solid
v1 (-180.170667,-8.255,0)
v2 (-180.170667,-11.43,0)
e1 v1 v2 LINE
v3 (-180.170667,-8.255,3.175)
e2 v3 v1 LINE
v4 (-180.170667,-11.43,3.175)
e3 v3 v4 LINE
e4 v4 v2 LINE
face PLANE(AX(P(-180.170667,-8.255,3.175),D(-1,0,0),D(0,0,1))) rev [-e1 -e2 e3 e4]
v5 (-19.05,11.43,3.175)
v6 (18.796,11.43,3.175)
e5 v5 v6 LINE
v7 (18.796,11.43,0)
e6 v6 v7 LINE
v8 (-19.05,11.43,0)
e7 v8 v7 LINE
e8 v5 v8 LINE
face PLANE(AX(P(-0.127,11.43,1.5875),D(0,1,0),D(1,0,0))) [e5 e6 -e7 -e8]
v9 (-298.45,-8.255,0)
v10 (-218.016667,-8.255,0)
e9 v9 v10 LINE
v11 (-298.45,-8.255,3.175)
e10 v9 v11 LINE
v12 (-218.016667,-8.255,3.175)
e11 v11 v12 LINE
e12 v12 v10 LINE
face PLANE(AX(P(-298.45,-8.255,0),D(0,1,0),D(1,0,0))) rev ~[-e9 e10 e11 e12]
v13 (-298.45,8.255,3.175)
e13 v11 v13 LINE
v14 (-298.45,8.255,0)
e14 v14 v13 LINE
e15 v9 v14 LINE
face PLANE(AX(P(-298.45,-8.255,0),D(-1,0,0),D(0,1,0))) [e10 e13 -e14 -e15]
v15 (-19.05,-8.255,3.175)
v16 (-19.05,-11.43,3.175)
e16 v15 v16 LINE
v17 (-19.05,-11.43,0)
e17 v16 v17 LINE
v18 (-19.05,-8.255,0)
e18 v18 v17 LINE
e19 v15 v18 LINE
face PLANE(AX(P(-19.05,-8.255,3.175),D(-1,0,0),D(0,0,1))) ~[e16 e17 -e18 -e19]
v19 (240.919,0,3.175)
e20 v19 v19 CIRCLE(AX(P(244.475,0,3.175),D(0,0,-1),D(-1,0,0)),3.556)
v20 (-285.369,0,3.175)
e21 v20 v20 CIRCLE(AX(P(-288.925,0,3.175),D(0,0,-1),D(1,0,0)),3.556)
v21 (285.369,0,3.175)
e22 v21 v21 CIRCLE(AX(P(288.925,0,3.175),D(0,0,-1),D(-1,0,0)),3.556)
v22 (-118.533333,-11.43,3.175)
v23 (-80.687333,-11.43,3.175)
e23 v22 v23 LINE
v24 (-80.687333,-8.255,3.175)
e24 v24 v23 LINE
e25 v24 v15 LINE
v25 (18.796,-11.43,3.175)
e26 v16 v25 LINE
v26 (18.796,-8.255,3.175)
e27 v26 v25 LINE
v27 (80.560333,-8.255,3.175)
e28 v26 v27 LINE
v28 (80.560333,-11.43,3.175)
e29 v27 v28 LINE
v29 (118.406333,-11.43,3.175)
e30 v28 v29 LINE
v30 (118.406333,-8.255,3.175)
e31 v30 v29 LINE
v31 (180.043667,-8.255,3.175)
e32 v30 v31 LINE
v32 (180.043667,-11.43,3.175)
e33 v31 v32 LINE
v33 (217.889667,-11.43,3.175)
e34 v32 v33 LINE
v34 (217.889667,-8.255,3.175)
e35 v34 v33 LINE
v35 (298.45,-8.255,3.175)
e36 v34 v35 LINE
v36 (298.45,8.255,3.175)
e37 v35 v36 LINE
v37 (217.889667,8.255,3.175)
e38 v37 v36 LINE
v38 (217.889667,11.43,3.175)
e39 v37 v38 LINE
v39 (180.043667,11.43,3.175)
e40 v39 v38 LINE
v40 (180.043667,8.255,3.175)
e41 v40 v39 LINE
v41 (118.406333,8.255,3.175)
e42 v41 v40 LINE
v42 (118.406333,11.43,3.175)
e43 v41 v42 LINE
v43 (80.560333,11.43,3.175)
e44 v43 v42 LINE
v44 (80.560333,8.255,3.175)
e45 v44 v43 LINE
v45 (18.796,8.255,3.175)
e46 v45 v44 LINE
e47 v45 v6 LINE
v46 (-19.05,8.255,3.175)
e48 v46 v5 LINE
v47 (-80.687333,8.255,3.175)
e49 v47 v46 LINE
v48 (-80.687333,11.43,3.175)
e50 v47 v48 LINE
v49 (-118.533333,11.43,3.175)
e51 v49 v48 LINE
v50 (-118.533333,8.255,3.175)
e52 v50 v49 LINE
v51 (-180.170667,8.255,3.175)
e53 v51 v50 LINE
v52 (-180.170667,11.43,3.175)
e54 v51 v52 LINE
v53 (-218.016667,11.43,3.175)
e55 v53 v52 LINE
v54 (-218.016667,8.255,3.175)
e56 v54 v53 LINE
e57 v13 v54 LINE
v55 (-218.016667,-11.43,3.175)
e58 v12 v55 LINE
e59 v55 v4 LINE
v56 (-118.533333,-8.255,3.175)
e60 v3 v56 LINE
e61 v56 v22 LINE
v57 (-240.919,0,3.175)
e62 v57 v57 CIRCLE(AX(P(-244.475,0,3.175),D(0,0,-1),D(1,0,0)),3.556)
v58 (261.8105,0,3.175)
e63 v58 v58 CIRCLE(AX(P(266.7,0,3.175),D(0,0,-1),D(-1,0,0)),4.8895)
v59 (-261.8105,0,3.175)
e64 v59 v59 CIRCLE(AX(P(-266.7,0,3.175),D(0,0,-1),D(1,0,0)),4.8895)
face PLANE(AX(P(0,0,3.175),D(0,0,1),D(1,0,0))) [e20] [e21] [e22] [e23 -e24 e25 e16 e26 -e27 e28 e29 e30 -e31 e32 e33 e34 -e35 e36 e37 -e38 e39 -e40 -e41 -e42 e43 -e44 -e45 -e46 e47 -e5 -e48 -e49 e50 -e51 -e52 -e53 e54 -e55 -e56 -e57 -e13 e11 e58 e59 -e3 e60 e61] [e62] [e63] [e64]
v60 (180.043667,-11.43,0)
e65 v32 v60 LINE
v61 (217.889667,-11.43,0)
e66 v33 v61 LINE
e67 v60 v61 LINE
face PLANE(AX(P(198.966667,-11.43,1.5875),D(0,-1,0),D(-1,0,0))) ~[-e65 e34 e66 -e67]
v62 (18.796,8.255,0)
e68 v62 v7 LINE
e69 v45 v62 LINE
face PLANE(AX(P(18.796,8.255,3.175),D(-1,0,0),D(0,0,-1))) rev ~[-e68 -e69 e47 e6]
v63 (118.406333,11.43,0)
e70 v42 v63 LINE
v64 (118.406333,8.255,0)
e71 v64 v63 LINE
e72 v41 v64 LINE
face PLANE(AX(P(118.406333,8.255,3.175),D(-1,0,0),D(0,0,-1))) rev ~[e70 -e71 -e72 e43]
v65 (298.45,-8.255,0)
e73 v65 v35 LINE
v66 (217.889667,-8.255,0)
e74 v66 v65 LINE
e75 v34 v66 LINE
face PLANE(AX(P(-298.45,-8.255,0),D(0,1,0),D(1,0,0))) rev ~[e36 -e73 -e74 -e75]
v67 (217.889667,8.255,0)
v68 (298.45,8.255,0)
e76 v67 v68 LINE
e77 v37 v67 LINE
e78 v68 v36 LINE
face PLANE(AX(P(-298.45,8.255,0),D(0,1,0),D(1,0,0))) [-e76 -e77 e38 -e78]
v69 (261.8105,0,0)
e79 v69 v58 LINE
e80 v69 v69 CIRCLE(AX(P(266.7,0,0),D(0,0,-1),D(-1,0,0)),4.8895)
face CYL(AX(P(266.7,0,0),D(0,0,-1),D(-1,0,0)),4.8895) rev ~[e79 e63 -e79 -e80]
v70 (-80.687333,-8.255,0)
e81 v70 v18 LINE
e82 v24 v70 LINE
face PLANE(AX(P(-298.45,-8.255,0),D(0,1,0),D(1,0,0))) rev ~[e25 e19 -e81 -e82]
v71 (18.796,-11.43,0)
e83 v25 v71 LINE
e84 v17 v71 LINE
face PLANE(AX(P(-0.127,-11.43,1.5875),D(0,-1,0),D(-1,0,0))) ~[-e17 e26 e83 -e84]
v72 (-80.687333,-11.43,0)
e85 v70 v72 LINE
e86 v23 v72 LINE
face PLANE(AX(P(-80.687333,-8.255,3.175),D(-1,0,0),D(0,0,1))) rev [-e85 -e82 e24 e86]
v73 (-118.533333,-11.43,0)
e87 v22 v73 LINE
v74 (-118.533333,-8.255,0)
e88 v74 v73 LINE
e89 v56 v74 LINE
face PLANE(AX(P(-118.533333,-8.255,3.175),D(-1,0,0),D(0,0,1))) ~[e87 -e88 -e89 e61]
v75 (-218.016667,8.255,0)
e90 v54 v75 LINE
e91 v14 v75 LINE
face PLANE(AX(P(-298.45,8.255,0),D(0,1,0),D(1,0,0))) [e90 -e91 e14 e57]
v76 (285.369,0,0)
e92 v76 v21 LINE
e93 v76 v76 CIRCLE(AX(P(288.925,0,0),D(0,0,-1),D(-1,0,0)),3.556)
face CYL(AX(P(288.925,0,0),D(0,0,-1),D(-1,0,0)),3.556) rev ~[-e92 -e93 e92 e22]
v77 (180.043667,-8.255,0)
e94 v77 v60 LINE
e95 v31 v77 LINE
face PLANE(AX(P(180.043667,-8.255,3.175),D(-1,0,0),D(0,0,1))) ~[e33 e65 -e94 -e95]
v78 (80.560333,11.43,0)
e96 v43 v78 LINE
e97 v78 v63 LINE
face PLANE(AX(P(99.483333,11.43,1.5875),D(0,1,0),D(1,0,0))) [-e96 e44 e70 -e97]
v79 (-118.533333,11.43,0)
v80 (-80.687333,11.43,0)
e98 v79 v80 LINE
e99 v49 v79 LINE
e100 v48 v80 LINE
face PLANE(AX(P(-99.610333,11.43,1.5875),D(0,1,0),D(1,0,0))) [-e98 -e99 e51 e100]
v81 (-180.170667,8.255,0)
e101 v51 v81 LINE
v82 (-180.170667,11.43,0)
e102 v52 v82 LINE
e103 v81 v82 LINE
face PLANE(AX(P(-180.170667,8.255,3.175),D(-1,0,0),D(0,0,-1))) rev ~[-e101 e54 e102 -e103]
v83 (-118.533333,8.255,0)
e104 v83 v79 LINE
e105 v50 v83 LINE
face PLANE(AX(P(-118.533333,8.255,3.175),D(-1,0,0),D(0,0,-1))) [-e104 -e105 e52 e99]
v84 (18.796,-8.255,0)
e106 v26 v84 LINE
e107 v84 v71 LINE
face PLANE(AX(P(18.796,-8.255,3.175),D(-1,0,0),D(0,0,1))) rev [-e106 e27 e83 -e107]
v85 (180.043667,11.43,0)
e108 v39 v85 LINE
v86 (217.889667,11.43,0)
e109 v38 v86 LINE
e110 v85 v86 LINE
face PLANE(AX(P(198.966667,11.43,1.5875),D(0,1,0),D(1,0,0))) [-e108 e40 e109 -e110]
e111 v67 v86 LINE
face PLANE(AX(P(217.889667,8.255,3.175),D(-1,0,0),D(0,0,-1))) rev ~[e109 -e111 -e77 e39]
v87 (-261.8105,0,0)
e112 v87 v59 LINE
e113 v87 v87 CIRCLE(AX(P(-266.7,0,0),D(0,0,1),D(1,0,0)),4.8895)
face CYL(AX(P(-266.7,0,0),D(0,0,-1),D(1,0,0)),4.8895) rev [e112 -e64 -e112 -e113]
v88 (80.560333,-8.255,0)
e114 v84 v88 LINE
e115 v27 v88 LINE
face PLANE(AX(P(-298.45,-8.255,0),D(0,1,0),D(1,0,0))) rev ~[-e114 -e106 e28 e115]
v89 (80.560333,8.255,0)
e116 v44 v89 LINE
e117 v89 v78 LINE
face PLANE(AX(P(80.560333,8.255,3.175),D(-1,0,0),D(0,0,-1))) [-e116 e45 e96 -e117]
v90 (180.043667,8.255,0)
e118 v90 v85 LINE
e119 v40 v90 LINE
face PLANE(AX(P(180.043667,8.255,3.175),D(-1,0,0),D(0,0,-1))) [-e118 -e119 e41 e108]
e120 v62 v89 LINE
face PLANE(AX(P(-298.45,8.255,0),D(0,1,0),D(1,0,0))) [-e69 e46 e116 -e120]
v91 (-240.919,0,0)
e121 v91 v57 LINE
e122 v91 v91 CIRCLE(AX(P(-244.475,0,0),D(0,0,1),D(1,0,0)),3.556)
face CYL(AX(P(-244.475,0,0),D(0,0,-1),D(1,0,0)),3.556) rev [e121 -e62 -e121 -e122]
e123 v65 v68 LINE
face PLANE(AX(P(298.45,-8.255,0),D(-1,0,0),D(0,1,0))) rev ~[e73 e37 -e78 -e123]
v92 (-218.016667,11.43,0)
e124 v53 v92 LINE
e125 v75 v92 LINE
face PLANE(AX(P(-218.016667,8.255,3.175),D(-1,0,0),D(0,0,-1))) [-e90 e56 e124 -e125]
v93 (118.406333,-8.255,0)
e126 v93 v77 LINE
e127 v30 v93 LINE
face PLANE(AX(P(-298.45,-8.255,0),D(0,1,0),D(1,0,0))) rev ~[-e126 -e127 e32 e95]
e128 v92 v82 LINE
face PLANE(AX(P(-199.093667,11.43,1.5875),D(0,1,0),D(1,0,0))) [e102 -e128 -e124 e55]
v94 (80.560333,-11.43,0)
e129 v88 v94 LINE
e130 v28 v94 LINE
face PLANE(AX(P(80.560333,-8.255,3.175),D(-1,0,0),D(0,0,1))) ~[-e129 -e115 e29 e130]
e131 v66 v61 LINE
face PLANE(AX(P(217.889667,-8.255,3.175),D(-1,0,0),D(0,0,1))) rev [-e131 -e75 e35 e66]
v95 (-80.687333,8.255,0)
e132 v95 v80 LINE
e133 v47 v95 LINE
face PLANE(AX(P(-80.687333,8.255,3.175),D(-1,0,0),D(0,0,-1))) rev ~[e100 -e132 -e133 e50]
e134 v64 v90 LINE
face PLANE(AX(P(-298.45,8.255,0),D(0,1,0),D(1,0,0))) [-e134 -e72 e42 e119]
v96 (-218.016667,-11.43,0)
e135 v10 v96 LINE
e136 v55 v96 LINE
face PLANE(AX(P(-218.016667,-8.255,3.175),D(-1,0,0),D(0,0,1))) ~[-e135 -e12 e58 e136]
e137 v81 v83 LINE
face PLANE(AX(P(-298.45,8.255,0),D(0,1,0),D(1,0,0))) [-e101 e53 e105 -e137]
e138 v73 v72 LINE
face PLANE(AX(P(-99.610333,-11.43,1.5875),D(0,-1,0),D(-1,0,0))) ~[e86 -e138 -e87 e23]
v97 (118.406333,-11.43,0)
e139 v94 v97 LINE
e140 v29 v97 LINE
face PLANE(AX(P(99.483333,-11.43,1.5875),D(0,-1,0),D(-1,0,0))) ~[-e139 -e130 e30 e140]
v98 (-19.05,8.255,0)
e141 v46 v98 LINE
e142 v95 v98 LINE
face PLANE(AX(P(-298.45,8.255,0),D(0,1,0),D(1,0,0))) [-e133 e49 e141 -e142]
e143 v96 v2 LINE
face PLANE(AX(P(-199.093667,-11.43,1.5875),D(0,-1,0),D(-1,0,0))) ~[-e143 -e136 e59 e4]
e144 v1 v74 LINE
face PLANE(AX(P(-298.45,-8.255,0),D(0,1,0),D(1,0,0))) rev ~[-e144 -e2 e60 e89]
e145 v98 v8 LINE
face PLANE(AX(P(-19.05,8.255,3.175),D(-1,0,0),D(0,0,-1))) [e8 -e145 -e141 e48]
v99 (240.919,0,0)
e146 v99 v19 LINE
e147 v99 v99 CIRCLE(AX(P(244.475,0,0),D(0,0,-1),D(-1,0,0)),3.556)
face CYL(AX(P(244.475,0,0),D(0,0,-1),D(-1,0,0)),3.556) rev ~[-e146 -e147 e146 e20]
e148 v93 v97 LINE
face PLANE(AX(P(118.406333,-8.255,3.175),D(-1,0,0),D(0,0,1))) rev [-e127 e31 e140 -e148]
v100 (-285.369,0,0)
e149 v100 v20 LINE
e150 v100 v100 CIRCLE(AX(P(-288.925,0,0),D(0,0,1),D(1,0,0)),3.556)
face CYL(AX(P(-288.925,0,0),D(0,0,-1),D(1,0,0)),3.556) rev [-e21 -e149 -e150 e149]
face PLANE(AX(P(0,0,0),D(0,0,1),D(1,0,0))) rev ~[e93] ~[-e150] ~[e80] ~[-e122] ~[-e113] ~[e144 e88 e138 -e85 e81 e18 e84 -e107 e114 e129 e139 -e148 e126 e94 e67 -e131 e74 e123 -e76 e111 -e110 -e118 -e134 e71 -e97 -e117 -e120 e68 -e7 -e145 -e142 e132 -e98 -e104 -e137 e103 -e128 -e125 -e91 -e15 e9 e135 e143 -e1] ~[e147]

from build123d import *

# Parameters (mm, degrees)
SKETCH1_W           = 596.9
SKETCH1_H           = 16.51
BOSS_EXTRUDE1_DEPTH = 3.175
SKETCH3_W           = 37.846
SKETCH3_H           = 3.175
BOSS_EXTRUDE2_DEPTH = 3.175
SKETCH4_R           = 3.556
SKETCH4_R_2         = 4.8895
CUT_EXTRUDE1_DEPTH  = 299.685667592


with BuildPart() as part:
    # Sketch1 → Boss-Extrude1 (new body)
    with BuildSketch(Plane.XY):
        Rectangle(SKETCH1_W, SKETCH1_H)
    extrude(amount=BOSS_EXTRUDE1_DEPTH)

    # Sketch3 → Boss-Extrude2 (add)
    with BuildSketch(Plane(origin=(0, 8.255, 0), x_dir=(1, 0, 0), z_dir=(0, 1, 0))):
        with Locations((-199.093666667, -1.5875)):
            Rectangle(SKETCH3_W, SKETCH3_H)
        with Locations((-99.610333333, -1.5875)):
            Rectangle(SKETCH3_W, SKETCH3_H)
        with Locations((-0.127, -1.5875)):
            Rectangle(SKETCH3_W, SKETCH3_H)
        with Locations((99.483333333, -1.5875)):
            Rectangle(SKETCH3_W, SKETCH3_H)
        with Locations((198.966666751, -1.5875)):
            Rectangle(SKETCH3_W, SKETCH3_H)
    boss_extrude2 = extrude(amount=BOSS_EXTRUDE2_DEPTH)

    # Mirror1: Boss-Extrude2 across plane
    add(boss_extrude2.mirror(Plane.ZX))

    # Sketch4 → Cut-Extrude1 (cut, through all)
    with BuildSketch(Plane(origin=(0, 0, 0), x_dir=(-1, 0, 0), z_dir=(0, 0, -1))):
        with Locations((-288.925, 0)):
            Circle(SKETCH4_R)
        with Locations((-244.475, 0)):
            Circle(SKETCH4_R)
        with Locations((-266.7, 0)):
            Circle(SKETCH4_R_2)
    cut_extrude1 = extrude(amount=-CUT_EXTRUDE1_DEPTH, mode=Mode.SUBTRACT)

    # Mirror2: Cut-Extrude1 across plane
    add(cut_extrude1.mirror(Plane(origin=(0, 0, 0), x_dir=(0, 0, 1), z_dir=(1, 0, 0))), mode=Mode.SUBTRACT)


solid = part.part
